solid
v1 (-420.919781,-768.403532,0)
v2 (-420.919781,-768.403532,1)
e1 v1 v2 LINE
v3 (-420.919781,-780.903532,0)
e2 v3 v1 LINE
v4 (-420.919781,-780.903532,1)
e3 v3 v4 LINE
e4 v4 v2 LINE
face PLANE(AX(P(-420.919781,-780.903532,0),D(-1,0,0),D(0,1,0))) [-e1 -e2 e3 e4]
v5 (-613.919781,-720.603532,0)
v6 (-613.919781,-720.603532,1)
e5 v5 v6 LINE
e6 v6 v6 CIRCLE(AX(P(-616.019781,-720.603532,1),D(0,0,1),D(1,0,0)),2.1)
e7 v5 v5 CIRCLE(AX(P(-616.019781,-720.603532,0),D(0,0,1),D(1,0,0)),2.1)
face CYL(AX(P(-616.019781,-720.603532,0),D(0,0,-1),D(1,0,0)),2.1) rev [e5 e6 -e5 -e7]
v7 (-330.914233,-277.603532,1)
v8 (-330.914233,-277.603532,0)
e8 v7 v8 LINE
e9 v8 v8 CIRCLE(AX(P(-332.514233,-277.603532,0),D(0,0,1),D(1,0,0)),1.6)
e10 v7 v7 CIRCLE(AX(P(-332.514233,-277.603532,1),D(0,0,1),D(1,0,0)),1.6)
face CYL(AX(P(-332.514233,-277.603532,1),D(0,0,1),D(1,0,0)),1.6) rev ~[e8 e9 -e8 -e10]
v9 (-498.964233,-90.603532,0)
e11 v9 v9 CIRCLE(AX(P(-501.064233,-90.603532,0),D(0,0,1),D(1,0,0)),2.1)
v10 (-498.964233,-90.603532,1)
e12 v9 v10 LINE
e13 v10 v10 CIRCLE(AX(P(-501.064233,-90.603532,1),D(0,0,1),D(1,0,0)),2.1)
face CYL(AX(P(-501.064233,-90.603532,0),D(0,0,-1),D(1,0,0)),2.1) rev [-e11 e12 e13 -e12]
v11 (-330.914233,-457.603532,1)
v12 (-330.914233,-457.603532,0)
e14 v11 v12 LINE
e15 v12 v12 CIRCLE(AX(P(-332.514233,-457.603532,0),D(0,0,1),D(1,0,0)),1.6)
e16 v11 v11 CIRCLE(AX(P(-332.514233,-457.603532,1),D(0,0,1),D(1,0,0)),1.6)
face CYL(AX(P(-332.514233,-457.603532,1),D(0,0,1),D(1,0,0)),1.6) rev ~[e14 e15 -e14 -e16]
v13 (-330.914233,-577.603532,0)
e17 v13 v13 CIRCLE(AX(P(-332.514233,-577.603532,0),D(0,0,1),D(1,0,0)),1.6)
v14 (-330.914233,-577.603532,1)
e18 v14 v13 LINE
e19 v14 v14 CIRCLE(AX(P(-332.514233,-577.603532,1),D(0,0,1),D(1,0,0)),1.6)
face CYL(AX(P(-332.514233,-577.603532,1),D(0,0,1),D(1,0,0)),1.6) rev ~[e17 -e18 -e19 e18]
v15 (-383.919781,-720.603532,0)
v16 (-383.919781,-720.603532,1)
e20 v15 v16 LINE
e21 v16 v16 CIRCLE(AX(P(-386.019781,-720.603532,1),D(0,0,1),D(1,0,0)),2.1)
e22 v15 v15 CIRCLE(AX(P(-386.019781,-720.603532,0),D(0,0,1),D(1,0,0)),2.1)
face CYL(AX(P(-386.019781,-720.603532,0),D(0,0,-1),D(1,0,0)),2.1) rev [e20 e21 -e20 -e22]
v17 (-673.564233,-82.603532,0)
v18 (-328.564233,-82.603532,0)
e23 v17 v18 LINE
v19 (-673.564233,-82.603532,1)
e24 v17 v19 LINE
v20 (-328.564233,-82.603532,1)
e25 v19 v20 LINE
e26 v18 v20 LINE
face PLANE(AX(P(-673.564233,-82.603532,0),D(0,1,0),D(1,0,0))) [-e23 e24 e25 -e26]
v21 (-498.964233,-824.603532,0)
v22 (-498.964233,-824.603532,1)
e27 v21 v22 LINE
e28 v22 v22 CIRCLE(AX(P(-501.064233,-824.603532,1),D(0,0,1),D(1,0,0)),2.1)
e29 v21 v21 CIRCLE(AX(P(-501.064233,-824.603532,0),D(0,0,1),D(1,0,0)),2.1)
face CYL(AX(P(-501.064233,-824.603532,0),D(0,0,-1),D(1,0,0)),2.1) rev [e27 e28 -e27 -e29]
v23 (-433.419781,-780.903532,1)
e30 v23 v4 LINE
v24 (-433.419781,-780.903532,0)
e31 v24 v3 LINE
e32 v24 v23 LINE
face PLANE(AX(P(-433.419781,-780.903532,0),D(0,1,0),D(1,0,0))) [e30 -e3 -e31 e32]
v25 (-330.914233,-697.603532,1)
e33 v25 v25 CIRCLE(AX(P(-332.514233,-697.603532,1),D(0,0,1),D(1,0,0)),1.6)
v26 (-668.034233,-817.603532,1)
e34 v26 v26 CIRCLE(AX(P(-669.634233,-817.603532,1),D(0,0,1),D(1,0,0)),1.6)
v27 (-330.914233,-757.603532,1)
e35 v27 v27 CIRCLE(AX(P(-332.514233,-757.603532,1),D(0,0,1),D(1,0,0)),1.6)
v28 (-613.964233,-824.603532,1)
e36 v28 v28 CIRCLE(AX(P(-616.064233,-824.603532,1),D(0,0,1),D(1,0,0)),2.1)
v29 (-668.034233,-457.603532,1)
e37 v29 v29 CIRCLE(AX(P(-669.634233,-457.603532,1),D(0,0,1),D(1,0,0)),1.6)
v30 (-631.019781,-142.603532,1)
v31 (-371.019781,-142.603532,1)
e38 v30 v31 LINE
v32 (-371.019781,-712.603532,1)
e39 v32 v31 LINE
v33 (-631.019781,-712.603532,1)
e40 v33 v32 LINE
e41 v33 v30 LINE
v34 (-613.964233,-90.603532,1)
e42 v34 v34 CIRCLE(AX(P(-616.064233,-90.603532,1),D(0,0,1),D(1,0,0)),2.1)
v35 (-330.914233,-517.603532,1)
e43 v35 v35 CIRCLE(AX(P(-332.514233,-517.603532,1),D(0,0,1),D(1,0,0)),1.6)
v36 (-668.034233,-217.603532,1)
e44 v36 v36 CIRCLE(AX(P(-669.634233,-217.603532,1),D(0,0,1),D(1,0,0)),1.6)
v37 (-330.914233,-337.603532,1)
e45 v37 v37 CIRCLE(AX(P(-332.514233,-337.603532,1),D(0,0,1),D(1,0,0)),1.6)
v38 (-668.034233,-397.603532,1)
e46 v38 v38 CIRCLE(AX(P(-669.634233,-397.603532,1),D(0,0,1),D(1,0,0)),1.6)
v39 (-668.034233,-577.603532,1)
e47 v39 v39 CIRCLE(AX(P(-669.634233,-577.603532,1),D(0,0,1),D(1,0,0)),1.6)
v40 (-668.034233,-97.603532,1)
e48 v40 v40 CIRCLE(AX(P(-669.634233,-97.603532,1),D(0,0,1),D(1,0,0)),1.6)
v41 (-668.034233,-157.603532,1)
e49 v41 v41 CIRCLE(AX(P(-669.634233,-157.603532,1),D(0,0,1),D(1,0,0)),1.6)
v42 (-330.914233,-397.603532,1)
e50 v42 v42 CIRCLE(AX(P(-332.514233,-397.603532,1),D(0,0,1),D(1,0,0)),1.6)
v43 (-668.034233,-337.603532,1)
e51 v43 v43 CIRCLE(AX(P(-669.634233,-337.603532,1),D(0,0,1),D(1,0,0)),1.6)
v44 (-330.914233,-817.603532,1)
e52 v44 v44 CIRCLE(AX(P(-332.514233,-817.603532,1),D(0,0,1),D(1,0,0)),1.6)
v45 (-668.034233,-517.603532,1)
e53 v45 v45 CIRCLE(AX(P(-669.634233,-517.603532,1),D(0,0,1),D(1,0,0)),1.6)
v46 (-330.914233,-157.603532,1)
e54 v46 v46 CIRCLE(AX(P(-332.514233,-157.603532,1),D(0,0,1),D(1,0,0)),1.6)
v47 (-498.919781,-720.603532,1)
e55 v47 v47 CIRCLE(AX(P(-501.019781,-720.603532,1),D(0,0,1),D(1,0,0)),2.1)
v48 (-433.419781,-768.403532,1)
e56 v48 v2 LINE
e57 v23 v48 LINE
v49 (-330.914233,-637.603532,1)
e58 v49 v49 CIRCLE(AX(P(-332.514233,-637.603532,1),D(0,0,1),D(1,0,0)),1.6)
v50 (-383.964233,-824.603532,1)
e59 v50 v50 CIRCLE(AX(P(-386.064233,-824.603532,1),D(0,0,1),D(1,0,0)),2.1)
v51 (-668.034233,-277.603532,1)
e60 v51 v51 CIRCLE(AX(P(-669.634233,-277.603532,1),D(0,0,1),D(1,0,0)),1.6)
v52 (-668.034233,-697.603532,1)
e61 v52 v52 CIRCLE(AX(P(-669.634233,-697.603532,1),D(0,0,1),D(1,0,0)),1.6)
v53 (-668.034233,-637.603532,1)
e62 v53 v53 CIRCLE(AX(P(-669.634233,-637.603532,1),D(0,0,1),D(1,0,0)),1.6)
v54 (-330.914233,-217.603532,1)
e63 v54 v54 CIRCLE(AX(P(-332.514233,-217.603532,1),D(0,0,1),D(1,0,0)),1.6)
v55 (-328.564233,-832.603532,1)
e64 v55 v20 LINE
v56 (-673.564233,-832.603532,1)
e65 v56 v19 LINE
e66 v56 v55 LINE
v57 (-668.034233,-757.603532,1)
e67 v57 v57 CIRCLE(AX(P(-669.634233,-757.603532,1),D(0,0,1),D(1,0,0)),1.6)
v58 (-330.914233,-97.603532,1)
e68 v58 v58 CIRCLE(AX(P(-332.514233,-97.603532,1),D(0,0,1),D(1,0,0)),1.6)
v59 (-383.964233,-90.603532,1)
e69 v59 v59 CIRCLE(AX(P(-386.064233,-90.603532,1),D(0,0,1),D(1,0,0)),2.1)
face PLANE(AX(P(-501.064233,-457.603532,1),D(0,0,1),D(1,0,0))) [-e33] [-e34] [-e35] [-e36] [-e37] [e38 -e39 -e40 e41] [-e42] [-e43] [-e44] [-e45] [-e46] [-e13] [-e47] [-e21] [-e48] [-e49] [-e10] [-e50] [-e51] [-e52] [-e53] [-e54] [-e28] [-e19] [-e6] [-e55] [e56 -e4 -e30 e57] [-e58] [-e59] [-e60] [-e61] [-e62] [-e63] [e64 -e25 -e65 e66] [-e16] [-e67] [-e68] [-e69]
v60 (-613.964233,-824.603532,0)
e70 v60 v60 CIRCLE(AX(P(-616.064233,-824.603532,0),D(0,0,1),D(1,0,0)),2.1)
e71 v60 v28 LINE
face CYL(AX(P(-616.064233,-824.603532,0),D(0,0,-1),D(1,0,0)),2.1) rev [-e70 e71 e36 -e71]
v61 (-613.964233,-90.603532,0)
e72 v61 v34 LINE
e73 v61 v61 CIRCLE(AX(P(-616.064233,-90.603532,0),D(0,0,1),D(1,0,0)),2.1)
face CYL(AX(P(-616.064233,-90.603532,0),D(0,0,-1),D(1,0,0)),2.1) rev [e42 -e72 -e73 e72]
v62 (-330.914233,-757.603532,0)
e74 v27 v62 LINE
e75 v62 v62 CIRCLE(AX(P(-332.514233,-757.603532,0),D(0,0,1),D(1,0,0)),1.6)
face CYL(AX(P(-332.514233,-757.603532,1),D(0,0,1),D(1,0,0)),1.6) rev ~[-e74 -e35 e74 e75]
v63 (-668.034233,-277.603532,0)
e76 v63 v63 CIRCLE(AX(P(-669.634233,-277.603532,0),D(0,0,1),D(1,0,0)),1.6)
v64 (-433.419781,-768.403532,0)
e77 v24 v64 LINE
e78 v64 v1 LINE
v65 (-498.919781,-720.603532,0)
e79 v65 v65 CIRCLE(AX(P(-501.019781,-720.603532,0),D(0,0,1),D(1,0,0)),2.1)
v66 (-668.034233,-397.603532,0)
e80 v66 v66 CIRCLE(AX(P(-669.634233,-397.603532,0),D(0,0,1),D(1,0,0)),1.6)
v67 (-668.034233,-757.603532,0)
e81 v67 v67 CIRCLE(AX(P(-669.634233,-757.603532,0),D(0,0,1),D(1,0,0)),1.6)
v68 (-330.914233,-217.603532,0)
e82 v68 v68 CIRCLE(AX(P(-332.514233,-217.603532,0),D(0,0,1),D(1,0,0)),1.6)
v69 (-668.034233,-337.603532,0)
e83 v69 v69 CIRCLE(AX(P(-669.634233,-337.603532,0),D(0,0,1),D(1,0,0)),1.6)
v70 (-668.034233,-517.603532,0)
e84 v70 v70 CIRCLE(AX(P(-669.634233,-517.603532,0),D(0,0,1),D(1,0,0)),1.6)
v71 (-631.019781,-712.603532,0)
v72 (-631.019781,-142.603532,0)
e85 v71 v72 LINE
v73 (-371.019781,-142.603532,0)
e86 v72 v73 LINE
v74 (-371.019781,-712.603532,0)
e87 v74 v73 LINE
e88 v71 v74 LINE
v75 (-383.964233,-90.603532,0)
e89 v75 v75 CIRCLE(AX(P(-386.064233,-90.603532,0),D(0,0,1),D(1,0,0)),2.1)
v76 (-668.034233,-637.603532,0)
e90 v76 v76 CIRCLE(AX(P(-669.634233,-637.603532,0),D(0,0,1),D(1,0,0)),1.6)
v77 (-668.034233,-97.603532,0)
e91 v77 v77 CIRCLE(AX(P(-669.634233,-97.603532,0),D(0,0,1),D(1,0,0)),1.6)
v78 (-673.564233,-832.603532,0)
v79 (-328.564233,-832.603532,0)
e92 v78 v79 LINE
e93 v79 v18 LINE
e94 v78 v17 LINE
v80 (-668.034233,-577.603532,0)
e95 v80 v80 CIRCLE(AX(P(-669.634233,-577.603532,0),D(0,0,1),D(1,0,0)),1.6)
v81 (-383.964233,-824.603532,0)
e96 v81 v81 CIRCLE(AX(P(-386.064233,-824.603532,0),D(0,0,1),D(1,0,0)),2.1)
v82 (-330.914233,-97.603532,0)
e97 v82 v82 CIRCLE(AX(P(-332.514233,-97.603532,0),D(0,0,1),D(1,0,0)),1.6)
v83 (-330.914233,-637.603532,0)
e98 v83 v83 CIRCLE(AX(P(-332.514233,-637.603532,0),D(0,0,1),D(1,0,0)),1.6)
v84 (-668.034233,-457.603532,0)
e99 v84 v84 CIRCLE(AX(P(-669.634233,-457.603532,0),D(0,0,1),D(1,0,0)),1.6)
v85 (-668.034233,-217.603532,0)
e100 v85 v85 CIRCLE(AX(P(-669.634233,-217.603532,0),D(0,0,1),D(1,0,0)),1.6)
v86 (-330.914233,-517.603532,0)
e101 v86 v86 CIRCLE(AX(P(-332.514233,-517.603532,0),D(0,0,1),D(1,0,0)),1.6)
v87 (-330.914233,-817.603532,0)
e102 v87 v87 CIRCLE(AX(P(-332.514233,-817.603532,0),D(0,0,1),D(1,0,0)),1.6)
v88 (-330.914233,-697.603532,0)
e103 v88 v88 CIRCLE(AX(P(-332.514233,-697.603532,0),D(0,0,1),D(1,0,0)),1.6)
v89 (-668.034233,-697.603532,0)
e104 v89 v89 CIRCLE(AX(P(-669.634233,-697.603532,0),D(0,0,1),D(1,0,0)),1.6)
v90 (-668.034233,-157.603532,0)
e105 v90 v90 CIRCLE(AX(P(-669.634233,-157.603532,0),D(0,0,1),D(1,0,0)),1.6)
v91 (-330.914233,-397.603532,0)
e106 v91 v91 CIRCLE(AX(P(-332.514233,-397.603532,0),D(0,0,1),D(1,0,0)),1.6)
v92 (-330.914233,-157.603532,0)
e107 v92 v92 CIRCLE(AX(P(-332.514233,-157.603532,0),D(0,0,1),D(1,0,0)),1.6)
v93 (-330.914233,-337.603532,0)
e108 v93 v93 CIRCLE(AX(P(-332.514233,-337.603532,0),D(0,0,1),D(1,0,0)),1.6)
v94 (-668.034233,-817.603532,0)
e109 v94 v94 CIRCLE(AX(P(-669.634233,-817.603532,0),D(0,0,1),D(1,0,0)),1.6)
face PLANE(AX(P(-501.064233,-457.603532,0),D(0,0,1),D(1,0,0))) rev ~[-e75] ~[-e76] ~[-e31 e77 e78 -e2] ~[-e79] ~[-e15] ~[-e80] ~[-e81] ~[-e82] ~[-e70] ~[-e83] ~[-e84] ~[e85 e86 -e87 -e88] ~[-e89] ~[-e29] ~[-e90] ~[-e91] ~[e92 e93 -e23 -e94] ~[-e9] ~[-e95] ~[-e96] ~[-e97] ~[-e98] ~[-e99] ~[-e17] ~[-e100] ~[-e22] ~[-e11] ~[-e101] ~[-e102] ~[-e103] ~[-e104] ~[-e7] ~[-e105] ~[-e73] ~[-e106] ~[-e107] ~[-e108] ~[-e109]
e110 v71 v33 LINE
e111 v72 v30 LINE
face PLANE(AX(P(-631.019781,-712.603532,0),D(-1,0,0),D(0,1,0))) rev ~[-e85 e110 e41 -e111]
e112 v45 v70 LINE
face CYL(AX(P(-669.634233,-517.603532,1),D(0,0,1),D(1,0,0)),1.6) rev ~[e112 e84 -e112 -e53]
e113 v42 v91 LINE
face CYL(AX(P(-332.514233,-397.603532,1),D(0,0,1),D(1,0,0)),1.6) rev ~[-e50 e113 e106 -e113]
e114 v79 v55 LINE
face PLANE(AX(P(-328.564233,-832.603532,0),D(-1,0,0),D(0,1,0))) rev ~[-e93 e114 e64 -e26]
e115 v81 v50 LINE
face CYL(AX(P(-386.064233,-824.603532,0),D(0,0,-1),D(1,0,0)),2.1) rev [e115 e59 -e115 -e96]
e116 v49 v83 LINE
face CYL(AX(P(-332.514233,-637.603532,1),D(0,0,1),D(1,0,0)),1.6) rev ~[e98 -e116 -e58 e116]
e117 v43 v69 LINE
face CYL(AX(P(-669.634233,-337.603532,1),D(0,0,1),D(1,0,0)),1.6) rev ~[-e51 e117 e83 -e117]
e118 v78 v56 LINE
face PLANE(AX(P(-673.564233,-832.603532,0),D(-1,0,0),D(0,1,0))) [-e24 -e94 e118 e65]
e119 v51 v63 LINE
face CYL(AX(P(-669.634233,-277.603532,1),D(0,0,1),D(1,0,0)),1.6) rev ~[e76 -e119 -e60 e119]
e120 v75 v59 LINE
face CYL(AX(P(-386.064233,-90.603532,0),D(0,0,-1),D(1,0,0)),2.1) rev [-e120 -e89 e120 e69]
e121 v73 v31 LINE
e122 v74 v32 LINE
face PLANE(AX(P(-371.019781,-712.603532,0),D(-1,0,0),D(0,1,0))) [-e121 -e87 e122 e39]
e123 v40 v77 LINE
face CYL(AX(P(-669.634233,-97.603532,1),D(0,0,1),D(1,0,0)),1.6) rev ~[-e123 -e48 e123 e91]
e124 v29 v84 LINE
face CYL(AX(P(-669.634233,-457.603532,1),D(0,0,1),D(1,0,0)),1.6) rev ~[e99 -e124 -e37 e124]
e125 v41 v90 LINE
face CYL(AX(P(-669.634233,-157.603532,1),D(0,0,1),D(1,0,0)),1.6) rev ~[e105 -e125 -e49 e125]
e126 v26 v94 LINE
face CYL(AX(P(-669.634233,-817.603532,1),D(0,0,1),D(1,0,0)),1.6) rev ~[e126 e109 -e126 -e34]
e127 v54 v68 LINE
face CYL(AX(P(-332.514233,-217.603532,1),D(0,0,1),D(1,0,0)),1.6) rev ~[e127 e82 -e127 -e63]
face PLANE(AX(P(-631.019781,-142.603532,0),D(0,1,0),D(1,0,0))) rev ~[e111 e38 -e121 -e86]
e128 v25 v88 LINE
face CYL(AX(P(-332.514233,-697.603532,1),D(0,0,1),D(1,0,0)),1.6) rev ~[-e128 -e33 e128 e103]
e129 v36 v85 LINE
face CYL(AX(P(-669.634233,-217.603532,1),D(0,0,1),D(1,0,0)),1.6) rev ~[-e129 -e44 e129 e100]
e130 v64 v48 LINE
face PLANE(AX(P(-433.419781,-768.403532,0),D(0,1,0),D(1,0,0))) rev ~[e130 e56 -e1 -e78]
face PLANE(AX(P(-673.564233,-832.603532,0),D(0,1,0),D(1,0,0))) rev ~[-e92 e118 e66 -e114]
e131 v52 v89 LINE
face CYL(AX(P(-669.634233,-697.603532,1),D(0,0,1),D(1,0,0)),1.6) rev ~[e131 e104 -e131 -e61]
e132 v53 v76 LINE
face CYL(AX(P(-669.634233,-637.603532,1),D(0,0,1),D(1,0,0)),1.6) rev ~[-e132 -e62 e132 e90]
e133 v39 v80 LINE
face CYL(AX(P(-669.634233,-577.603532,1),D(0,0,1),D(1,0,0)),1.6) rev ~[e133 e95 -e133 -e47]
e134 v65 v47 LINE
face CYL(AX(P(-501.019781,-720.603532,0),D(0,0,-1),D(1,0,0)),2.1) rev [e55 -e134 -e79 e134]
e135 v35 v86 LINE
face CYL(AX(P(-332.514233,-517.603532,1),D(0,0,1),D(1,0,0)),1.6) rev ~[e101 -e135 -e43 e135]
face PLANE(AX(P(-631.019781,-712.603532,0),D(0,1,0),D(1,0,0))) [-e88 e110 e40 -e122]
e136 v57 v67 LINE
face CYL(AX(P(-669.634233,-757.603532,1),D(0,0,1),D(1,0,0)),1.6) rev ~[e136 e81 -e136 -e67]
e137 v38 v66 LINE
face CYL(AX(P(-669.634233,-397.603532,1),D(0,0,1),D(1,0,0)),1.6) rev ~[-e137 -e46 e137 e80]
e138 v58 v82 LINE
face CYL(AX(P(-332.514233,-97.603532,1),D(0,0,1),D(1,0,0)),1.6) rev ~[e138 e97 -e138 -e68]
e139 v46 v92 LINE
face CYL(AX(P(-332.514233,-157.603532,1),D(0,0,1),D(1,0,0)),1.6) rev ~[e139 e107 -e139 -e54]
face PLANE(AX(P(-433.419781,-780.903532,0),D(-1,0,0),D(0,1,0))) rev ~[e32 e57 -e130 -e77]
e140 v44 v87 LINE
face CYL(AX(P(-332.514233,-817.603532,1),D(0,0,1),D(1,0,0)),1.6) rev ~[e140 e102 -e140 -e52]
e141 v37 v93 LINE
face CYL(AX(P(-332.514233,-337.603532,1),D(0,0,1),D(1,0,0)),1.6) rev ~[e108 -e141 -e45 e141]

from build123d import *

# Parameters (mm, degrees)
SKETCH1_W           = 345
SKETCH1_H           = 750
SKETCH1_R           = 2.1
SKETCH1_W_2         = 260
SKETCH1_H_2         = 570
SKETCH1_W_3         = 12.5
SKETCH1_H_3         = 12.5
BOSS_EXTRUDE1_DEPTH = 1
SKETCH2_R           = 1.6
CUT_EXTRUDE1_DEPTH  = 1
SKETCH3_R           = 1.6
CUT_EXTRUDE2_DEPTH  = 1


with BuildPart() as part:
    # Sketch1 → Boss-Extrude1 (new body)
    with BuildSketch(Plane.XY):
        with Locations((-501.064232917, -457.603531907)):
            Rectangle(SKETCH1_W, SKETCH1_H)
        with Locations((-501.064232917, -90.603531907)):
            Circle(SKETCH1_R, mode=Mode.SUBTRACT)
        with Locations((-616.064232917, -90.603531907)):
            Circle(SKETCH1_R, mode=Mode.SUBTRACT)
        with Locations((-386.064232917, -90.603531907)):
            Circle(SKETCH1_R, mode=Mode.SUBTRACT)
        with Locations((-616.01978091, -720.603531907)):
            Circle(SKETCH1_R, mode=Mode.SUBTRACT)
        with Locations((-501.01978091, -720.603531907)):
            Circle(SKETCH1_R, mode=Mode.SUBTRACT)
        with Locations((-386.01978091, -720.603531907)):
            Circle(SKETCH1_R, mode=Mode.SUBTRACT)
        with Locations((-386.064232917, -824.603531907)):
            Circle(SKETCH1_R, mode=Mode.SUBTRACT)
        with Locations((-501.064232917, -824.603531907)):
            Circle(SKETCH1_R, mode=Mode.SUBTRACT)
        with Locations((-616.064232917, -824.603531907)):
            Circle(SKETCH1_R, mode=Mode.SUBTRACT)
        with Locations((-501.01978091, -427.603531907)):
            Rectangle(SKETCH1_W_2, SKETCH1_H_2, mode=Mode.SUBTRACT)
        with Locations((-427.16978091, -774.653531907)):
            Rectangle(SKETCH1_W_3, SKETCH1_H_3, mode=Mode.SUBTRACT)
    extrude(amount=BOSS_EXTRUDE1_DEPTH)

    # Sketch2 → Cut-Extrude1 (cut)
    with BuildSketch(Plane.XY.offset(1)):
        with Locations((-669.634232917, -97.603531907)):
            Circle(SKETCH2_R)
        with Locations((-669.634232917, -817.603531907)):
            Circle(SKETCH2_R)
        with Locations((-669.634232917, -757.603531907)):
            Circle(SKETCH2_R)
        with Locations((-669.634232917, -697.603531907)):
            Circle(SKETCH2_R)
        with Locations((-669.634232917, -637.603531907)):
            Circle(SKETCH2_R)
        with Locations((-669.634232917, -577.603531907)):
            Circle(SKETCH2_R)
        with Locations((-669.634232917, -517.603531907)):
            Circle(SKETCH2_R)
        with Locations((-669.634232917, -457.603531907)):
            Circle(SKETCH2_R)
        with Locations((-669.634232917, -397.603531907)):
            Circle(SKETCH2_R)
        with Locations((-669.634232917, -337.603531907)):
            Circle(SKETCH2_R)
        with Locations((-669.634232917, -277.603531907)):
            Circle(SKETCH2_R)
        with Locations((-669.634232917, -217.603531907)):
            Circle(SKETCH2_R)
        with Locations((-669.634232917, -157.603531907)):
            Circle(SKETCH2_R)
    extrude(amount=-CUT_EXTRUDE1_DEPTH, mode=Mode.SUBTRACT)

    # Sketch3 → Cut-Extrude2 (cut)
    with BuildSketch(Plane.XY.offset(1)):
        with Locations((-332.514232917, -97.603531907)):
            Circle(SKETCH3_R)
        with Locations((-332.514232917, -817.603531907)):
            Circle(SKETCH3_R)
        with Locations((-332.514232917, -757.603531907)):
            Circle(SKETCH3_R)
        with Locations((-332.514232917, -697.603531907)):
            Circle(SKETCH3_R)
        with Locations((-332.514232917, -637.603531907)):
            Circle(SKETCH3_R)
        with Locations((-332.514232917, -577.603531907)):
            Circle(SKETCH3_R)
        with Locations((-332.514232917, -517.603531907)):
            Circle(SKETCH3_R)
        with Locations((-332.514232917, -457.603531907)):
            Circle(SKETCH3_R)
        with Locations((-332.514232917, -397.603531907)):
            Circle(SKETCH3_R)
        with Locations((-332.514232917, -337.603531907)):
            Circle(SKETCH3_R)
        with Locations((-332.514232917, -277.603531907)):
            Circle(SKETCH3_R)
        with Locations((-332.514232917, -217.603531907)):
            Circle(SKETCH3_R)
        with Locations((-332.514232917, -157.603531907)):
            Circle(SKETCH3_R)
    extrude(amount=-CUT_EXTRUDE2_DEPTH, mode=Mode.SUBTRACT)


solid = part.part
